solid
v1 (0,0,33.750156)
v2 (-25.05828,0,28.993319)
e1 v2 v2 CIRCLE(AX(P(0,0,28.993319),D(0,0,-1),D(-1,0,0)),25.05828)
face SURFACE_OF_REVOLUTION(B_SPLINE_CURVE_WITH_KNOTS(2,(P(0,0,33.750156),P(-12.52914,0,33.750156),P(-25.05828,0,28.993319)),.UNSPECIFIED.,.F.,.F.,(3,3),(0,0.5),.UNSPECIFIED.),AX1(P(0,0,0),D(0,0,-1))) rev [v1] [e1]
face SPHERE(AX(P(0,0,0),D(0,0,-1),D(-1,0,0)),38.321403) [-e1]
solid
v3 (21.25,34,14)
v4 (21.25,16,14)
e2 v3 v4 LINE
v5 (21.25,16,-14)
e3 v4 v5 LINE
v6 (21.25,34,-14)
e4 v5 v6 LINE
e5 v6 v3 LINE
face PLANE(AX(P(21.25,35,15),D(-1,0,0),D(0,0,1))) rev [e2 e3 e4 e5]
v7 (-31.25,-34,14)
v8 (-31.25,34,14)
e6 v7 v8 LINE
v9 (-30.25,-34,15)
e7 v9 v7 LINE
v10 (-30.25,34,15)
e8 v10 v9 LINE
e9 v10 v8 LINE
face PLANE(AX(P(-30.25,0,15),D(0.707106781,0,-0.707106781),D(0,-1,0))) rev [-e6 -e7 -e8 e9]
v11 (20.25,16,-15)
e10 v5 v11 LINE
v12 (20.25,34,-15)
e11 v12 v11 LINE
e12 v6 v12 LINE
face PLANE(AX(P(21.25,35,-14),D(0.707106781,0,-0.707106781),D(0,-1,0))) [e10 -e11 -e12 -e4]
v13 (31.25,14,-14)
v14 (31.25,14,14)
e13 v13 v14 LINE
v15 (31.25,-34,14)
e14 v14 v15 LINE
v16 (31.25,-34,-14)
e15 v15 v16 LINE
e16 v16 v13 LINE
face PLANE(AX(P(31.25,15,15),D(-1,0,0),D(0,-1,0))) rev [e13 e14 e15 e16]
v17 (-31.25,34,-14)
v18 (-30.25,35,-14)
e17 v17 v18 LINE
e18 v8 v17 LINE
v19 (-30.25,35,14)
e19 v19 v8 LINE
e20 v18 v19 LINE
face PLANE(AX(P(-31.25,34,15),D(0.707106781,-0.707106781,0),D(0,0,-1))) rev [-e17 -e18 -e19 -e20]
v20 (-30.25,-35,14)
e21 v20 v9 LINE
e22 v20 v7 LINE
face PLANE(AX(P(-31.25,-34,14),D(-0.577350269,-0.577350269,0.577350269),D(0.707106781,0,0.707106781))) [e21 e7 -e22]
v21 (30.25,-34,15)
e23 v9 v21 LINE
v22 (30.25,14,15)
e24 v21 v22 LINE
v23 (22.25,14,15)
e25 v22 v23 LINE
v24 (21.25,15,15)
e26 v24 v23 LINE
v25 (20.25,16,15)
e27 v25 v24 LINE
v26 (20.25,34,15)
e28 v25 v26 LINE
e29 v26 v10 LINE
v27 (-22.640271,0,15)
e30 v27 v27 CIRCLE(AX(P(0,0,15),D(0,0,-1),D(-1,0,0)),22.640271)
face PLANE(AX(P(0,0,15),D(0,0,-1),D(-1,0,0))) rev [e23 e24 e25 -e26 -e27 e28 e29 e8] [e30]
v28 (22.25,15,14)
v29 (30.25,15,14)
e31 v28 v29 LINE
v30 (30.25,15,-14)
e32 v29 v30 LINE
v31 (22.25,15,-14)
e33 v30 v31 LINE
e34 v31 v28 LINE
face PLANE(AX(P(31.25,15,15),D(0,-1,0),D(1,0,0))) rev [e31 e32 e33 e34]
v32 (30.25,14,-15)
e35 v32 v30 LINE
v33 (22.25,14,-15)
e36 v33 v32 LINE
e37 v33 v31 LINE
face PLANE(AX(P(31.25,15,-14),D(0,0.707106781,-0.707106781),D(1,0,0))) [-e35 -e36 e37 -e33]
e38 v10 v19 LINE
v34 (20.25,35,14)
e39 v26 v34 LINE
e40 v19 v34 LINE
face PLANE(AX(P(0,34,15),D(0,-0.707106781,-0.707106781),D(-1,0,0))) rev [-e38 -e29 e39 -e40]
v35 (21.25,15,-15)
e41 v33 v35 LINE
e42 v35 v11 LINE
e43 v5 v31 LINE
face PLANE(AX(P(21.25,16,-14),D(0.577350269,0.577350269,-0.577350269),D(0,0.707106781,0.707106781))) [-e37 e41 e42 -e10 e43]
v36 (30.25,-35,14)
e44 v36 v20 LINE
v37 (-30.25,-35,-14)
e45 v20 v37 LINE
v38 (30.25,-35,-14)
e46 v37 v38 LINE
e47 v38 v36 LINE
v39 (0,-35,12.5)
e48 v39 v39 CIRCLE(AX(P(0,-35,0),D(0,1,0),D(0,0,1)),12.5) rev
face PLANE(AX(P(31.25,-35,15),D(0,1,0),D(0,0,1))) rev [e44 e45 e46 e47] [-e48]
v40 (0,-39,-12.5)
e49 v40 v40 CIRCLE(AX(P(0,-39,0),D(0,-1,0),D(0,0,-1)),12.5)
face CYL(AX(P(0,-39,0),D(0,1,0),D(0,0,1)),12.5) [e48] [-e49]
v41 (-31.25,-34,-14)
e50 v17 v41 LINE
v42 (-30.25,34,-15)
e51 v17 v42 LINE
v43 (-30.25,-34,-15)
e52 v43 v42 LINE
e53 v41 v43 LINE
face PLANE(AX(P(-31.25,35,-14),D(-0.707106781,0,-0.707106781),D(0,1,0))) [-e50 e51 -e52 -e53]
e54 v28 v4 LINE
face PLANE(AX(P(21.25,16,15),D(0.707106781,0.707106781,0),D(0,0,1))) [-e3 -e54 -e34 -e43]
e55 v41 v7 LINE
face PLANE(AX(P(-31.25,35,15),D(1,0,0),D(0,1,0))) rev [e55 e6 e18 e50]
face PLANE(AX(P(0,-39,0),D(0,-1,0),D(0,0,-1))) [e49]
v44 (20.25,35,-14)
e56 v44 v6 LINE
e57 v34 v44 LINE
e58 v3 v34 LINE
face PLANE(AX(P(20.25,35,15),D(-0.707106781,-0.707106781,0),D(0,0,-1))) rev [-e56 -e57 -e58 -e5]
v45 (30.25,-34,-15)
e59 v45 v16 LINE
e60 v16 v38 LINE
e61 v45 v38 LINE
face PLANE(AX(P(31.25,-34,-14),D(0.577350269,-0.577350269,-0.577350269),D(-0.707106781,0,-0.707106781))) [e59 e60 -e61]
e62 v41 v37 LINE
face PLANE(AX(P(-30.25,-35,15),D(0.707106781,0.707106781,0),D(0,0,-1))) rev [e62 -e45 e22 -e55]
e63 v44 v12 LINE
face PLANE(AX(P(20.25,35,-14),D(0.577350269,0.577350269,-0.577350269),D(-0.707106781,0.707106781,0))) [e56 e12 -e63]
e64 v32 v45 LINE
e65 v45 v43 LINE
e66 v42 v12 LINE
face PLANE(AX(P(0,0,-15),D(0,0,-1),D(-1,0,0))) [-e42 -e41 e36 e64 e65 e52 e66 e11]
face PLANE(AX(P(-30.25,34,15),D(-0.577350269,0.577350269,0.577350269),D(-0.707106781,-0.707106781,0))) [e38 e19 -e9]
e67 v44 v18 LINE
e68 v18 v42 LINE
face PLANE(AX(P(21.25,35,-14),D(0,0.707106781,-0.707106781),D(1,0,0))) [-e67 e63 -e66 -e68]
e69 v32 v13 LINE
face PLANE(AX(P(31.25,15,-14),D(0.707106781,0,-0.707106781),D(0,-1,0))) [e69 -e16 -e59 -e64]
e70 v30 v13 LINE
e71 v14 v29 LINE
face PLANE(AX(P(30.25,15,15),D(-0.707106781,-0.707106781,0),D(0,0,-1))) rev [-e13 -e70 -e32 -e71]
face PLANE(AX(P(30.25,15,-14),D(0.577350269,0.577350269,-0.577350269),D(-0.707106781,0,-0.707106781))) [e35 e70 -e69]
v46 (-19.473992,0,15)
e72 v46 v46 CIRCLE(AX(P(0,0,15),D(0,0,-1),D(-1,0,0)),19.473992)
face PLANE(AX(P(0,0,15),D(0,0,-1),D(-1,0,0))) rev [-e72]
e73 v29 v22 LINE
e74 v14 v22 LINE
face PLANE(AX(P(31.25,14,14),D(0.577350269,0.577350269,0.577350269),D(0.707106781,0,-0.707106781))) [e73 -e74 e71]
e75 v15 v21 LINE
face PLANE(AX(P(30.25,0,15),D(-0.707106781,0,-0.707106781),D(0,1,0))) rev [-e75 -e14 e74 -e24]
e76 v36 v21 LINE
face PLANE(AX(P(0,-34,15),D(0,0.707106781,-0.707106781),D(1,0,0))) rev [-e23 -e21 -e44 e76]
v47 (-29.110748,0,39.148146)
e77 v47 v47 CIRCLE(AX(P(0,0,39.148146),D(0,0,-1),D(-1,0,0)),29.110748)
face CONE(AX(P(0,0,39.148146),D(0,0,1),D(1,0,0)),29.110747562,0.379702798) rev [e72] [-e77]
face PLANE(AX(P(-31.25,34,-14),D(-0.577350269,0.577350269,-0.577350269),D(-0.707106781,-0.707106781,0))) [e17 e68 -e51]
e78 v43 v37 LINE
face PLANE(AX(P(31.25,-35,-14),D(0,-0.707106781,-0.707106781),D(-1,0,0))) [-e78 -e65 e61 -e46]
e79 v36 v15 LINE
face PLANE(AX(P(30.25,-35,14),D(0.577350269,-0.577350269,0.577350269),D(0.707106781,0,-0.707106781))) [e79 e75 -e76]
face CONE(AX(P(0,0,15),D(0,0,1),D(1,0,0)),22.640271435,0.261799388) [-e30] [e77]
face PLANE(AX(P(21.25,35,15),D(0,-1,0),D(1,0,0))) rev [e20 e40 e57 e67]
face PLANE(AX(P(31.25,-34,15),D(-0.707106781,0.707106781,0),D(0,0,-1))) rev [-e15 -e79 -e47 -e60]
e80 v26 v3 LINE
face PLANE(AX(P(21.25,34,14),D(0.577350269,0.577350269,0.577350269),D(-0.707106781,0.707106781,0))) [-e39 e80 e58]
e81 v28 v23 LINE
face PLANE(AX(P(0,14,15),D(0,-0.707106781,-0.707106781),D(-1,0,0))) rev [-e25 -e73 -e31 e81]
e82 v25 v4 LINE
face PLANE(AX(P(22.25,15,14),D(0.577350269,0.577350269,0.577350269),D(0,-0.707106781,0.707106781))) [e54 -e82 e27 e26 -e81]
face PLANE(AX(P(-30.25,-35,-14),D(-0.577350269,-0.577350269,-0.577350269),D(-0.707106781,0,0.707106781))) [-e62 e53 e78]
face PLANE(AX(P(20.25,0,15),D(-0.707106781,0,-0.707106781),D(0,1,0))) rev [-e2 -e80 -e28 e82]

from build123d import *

# Parameters (mm, degrees)
BOSS_EXTRUDE1_DEPTH = 15
SKETCH2_R           = 12.5
BOSS_EXTRUDE2_DEPTH = 4
CHAMFER1_SIZE       = 1


with BuildPart() as part:
    # Sketch1 → Boss-Extrude1 (new, symmetric)
    with BuildSketch(Plane.XY):
        Polygon((21.25, 35), (-31.25, 35), (-31.25, -35), (31.25, -35), (31.25, 15), (21.25, 15), align=None)
    extrude(amount=BOSS_EXTRUDE1_DEPTH, both=True)

    # Sketch2 → Boss-Extrude2 (add, symmetric)
    with BuildSketch(Plane.XZ.offset(35)):
        with Locations(Location((0, 0, 0), (0, 0, 90))):
            Circle(SKETCH2_R)
    extrude(amount=BOSS_EXTRUDE2_DEPTH, both=True)

    # Chamfer1
    chamfer1_edges = [part.edges().sort_by_distance(p)[0] for p in [
        (-31.25, 35, 0),
        (21.25, 35, 0),
        (21.25, 15, 0),
        (31.25, 15, 0),
        (31.25, -35, 0),
        (-31.25, -35, 0),
        (31.25, -10, 15),
        (26.25, 15, 15),
        (21.25, 25, 15),
        (-5, 35, 15),
        (-31.25, 0, 15),
        (-5, 35, -15),
        (21.25, 25, -15),
        (26.25, 15, -15),
        (31.25, -10, -15),
        (0, -35, -15),
        (-31.25, 0, -15),
        (0, -35, 15),
    ]]
    chamfer(chamfer1_edges, length=CHAMFER1_SIZE)

    # Sketch4 → Revolve1 (revolve)
    with BuildSketch(Plane(origin=(0, 0, 0), x_dir=(1, 0, 0), z_dir=(0, 1, 0))):
        Polygon((-22.640271435, -15), (-29.110747562, -39.148145657), (-19.473991816, -15), align=None)
    revolve(axis=Axis((0, 0, 0), (0, 0, 1)))


with BuildPart() as body_2:
    # Sketch5 → Revolve2 (revolve)
    with BuildSketch(Plane(origin=(0, 0, 0), x_dir=(1, 0, 0), z_dir=(0, 1, 0))):
        with BuildLine():
            Line((0, -33.750156277), (0, -38.321403444))
            ThreePointArc((0, -38.321403444), (-13.369092543, -35.913748433), (-25.058279875, -28.993319431))
            add(Edge.make_bspline(
                [(-25.058279875, -28.993319431), (-12.529139937, -33.750156277), (0, -33.750156277)],
                knots=[0, 0, 0, 0.5, 0.5, 0.5], degree=2))
        make_face()
    revolve(axis=Axis((0, 0, 0), (0, 0, 1)))


solid = Compound([part.part, body_2.part])
